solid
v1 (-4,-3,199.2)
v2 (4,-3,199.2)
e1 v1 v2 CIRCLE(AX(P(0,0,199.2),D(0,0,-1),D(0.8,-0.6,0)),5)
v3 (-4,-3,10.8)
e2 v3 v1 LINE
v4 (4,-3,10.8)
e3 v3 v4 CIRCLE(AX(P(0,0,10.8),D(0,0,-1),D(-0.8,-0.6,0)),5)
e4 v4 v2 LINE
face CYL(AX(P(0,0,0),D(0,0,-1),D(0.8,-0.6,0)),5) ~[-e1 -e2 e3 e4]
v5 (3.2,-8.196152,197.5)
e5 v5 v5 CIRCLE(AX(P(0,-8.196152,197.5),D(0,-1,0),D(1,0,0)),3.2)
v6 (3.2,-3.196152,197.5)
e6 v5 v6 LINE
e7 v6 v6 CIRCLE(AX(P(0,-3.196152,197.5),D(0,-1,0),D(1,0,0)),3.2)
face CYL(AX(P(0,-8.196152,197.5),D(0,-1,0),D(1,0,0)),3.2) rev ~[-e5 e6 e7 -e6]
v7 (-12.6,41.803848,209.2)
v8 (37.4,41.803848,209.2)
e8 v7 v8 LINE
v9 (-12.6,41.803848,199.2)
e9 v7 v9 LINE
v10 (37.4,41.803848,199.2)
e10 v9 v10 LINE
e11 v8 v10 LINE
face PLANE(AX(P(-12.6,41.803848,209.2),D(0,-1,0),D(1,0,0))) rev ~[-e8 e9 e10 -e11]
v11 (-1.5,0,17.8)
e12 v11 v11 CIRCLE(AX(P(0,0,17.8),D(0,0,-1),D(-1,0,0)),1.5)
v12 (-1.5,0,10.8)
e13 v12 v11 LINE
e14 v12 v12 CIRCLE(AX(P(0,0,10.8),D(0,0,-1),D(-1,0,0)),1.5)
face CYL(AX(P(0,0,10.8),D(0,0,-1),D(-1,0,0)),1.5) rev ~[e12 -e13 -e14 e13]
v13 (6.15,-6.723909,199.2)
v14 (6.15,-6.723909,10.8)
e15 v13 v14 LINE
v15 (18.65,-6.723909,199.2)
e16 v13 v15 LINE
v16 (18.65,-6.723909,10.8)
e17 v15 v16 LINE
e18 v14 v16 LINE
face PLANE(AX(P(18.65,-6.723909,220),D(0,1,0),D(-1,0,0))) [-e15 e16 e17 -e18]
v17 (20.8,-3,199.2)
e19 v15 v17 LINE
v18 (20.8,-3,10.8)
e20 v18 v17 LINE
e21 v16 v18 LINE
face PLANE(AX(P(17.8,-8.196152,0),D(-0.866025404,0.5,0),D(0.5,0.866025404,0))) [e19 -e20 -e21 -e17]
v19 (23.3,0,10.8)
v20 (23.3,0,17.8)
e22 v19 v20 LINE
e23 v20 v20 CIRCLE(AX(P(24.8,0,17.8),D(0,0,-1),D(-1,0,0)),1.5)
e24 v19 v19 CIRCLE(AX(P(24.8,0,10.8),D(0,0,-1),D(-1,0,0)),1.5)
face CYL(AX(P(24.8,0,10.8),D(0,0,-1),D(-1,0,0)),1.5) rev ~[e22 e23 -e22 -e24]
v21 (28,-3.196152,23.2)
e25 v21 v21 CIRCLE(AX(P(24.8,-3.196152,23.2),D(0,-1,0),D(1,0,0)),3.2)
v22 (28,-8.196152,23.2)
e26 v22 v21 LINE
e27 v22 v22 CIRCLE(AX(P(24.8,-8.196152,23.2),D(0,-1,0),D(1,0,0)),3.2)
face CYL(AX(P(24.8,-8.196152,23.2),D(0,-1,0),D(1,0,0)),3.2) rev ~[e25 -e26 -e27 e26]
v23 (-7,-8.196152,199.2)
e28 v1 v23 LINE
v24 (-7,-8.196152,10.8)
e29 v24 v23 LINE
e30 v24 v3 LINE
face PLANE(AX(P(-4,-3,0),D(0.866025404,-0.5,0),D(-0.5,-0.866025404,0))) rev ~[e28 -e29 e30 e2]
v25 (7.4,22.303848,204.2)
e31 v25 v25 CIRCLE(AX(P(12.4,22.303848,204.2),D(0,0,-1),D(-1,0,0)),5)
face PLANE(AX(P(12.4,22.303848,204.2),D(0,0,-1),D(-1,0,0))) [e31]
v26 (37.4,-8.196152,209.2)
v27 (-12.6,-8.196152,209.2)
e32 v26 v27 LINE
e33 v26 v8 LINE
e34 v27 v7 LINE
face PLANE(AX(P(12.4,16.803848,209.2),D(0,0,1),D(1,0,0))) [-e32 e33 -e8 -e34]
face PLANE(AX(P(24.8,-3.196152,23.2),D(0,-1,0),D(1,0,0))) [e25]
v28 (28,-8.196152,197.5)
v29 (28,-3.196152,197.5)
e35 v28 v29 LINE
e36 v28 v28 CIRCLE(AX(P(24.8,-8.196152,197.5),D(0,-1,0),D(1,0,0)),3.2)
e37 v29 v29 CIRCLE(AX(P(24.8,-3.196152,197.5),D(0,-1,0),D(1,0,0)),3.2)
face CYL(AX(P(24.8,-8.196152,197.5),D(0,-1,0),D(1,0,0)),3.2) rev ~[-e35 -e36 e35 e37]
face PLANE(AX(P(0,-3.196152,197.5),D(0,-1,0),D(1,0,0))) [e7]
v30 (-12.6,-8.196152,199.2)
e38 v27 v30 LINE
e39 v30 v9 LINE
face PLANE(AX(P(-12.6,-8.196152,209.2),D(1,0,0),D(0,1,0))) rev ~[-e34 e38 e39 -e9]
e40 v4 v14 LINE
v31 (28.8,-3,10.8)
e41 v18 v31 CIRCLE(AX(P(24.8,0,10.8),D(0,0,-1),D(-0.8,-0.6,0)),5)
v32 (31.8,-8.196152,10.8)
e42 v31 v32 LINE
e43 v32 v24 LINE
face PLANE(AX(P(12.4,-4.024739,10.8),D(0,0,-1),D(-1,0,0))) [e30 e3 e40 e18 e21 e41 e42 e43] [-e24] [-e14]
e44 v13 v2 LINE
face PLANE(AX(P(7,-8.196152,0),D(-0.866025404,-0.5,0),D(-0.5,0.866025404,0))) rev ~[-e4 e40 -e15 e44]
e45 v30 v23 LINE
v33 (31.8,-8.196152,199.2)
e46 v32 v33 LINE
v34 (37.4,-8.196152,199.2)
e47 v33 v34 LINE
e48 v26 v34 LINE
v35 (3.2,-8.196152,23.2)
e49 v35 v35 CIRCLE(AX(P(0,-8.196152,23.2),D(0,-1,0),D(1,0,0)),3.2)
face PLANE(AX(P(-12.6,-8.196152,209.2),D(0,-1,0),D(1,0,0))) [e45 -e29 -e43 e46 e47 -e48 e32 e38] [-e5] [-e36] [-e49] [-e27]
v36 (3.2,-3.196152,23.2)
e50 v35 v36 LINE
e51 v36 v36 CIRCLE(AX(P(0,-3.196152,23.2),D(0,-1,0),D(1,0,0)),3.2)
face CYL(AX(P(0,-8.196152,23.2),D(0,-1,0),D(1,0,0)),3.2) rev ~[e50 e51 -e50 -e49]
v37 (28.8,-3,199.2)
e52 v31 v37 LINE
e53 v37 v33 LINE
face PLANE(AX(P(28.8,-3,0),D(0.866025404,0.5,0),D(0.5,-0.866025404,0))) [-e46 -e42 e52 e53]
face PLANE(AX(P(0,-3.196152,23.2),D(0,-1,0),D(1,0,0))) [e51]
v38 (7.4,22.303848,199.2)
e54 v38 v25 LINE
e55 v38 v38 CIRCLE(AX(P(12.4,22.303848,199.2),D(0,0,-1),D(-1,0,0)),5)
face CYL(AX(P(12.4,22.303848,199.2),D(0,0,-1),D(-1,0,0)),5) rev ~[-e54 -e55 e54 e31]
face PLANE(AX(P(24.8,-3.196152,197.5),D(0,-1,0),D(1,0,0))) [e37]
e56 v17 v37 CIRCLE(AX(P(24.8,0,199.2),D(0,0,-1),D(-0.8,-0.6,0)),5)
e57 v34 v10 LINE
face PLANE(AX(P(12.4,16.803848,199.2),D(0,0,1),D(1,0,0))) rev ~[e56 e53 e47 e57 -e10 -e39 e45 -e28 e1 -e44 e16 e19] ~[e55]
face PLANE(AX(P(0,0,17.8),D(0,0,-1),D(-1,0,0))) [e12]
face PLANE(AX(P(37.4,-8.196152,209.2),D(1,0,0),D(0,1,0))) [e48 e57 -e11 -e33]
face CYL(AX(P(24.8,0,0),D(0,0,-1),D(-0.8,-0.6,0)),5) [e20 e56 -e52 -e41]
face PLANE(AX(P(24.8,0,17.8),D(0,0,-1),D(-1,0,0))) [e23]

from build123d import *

# Parameters (mm, degrees)
BOSS_EXTRUDE1_DEPTH   = 220
BOSS_EXTRUDE1_2_DEPTH = 220
BOSS_EXTRUDE4_DEPTH   = 220
SKETCH5_R             = 1.37
CUT_EXTRUDE1_DEPTH    = 7
CUT_EXTRUDE2_START    = -7
SKETCH6_R             = 1.37
CUT_EXTRUDE2_DEPTH    = 7
CUT_EXTRUDE4_DEPTH    = 10.8
CUT_EXTRUDE5_START    = -10.8
CUT_EXTRUDE5_DEPTH    = 10.8
SKETCH11_R            = 2
CUT_EXTRUDE6_DEPTH    = 7
SKETCH12_R            = 1.5
CUT_EXTRUDE7_DEPTH    = 7
SKETCH13_W            = 50
SKETCH13_H            = 50
BOSS_EXTRUDE5_DEPTH   = 10
SKETCH14_R            = 5
CUT_EXTRUDE8_DEPTH    = 5
SKETCH4_2_R           = 3.2
CUT_EXTRUDE9_DEPTH    = 5


with BuildPart() as part:
    # Sketch1 → Boss-Extrude1 (new body)
    with BuildSketch(Plane.XY):
        with BuildLine():
            Line((-4, -3), (-7, -8.196152423))
            Line((-7, -8.196152423), (7, -8.196152423))
            Line((7, -8.196152423), (4, -3))
            ThreePointArc((4, -3), (0, 5), (-4, -3))
        make_face()
    extrude(amount=BOSS_EXTRUDE1_DEPTH)



with BuildPart() as body_2:
    # Sketch1 → Boss-Extrude1 2 (new body)
    with BuildSketch(Plane.XY):
        with BuildLine():
            Line((31.8, -8.196152423), (28.8, -3))
            ThreePointArc((28.8, -3), (24.8, 5), (20.8, -3))
            Line((20.8, -3), (17.8, -8.196152423))
            Line((17.8, -8.196152423), (31.8, -8.196152423))
        make_face()
    extrude(amount=BOSS_EXTRUDE1_2_DEPTH)


with BuildPart() as part_1:
    add(part.part)

    add(body_2.part)  # Boss-Extrude4 merges body 2
    # Sketch3 → Boss-Extrude4 (add)
    with BuildSketch(Plane.XY.offset(220)):
        Polygon((7, -8.196152423), (17.8, -8.196152423), (18.65, -8.196152423), (18.65, -6.723909236), (6.15, -6.723909236), (6.15, -8.196152423), align=None)
    extrude(amount=-BOSS_EXTRUDE4_DEPTH)

    # Sketch5 → Cut-Extrude1 (cut)
    with BuildSketch(Plane(origin=(0, 0, 0), x_dir=(-1, 0, 0), z_dir=(0, 0, -1))):
        Circle(SKETCH5_R)
        with Locations((-24.8, 0)):
            Circle(SKETCH5_R)
    extrude(amount=-CUT_EXTRUDE1_DEPTH, mode=Mode.SUBTRACT)

    # Sketch6 → Cut-Extrude2 (cut)
    with BuildSketch(Plane.XY.offset(220).offset(CUT_EXTRUDE2_START)):
        Circle(SKETCH6_R)
        with Locations((24.8, 0)):
            Circle(SKETCH6_R)
    extrude(amount=CUT_EXTRUDE2_DEPTH, mode=Mode.SUBTRACT)

    # Sketch9 → Cut-Extrude4 (cut)
    with BuildSketch(Plane(origin=(0, 0, 0), x_dir=(-1, 0, 0), z_dir=(0, 0, -1))):
        with BuildLine():
            Line((-28.8, -3), (-31.8, -8.196152423))
            Line((-31.8, -8.196152423), (7, -8.196152423))
            Line((7, -8.196152423), (4, -3))
            ThreePointArc((4, -3), (0, 5), (-4, -3))
            Line((-4, -3), (-6.15, -6.723909236))
            Line((-6.15, -6.723909236), (-18.65, -6.723909236))
            Line((-18.65, -6.723909236), (-20.8, -3))
            ThreePointArc((-20.8, -3), (-24.8, 5), (-28.8, -3))
        make_face()
    extrude(amount=-CUT_EXTRUDE4_DEPTH, mode=Mode.SUBTRACT)

    # Sketch10 → Cut-Extrude5 (cut)
    with BuildSketch(Plane.XY.offset(220).offset(CUT_EXTRUDE5_START)):
        with BuildLine():
            Line((20.8, -3), (18.65, -6.723909236))
            Line((18.65, -6.723909236), (6.15, -6.723909236))
            Line((6.15, -6.723909236), (4, -3))
            ThreePointArc((4, -3), (0, 5), (-4, -3))
            Line((-4, -3), (-7, -8.196152423))
            Line((-7, -8.196152423), (31.8, -8.196152423))
            Line((31.8, -8.196152423), (28.8, -3))
            ThreePointArc((28.8, -3), (24.8, 5), (20.8, -3))
        make_face()
    extrude(amount=CUT_EXTRUDE5_DEPTH, mode=Mode.SUBTRACT)

    # Sketch11 → Cut-Extrude6 (cut)
    with BuildSketch(Plane.XY.offset(209.2)):
        Circle(SKETCH11_R)
        with Locations((24.8, 0)):
            Circle(SKETCH11_R)
    extrude(amount=-CUT_EXTRUDE6_DEPTH, mode=Mode.SUBTRACT)

    # Sketch12 → Cut-Extrude7 (cut)
    with BuildSketch(Plane(origin=(0, 0, 10.8), x_dir=(-1, 0, 0), z_dir=(0, 0, -1))):
        Circle(SKETCH12_R)
        with Locations((-24.8, 0)):
            Circle(SKETCH12_R)
    extrude(amount=-CUT_EXTRUDE7_DEPTH, mode=Mode.SUBTRACT)

    # Sketch13 → Boss-Extrude5 (add)
    with BuildSketch(Plane.XY.offset(209.2)):
        with Locations((12.4, 16.803847577)):
            Rectangle(SKETCH13_W, SKETCH13_H)
    extrude(amount=-BOSS_EXTRUDE5_DEPTH)

    # Sketch14 → Cut-Extrude8 (cut)
    with BuildSketch(Plane(origin=(0, 0, 199.2), x_dir=(-1, 0, 0), z_dir=(0, 0, -1))):
        with Locations((-12.4, 22.303847577)):
            Circle(SKETCH14_R)
    extrude(amount=-CUT_EXTRUDE8_DEPTH, mode=Mode.SUBTRACT)

    # Sketch4<2> → Cut-Extrude9 (cut)
    with BuildSketch(Plane.XZ.offset(8.196152423)):
        with Locations((0, 197.5)):
            Circle(SKETCH4_2_R)
        with Locations((24.8, 197.5)):
            Circle(SKETCH4_2_R)
        with Locations((24.8, 23.2)):
            Circle(SKETCH4_2_R)
        with Locations((0, 23.2)):
            Circle(SKETCH4_2_R)
    extrude(amount=-CUT_EXTRUDE9_DEPTH, mode=Mode.SUBTRACT)


solid = part_1.part
